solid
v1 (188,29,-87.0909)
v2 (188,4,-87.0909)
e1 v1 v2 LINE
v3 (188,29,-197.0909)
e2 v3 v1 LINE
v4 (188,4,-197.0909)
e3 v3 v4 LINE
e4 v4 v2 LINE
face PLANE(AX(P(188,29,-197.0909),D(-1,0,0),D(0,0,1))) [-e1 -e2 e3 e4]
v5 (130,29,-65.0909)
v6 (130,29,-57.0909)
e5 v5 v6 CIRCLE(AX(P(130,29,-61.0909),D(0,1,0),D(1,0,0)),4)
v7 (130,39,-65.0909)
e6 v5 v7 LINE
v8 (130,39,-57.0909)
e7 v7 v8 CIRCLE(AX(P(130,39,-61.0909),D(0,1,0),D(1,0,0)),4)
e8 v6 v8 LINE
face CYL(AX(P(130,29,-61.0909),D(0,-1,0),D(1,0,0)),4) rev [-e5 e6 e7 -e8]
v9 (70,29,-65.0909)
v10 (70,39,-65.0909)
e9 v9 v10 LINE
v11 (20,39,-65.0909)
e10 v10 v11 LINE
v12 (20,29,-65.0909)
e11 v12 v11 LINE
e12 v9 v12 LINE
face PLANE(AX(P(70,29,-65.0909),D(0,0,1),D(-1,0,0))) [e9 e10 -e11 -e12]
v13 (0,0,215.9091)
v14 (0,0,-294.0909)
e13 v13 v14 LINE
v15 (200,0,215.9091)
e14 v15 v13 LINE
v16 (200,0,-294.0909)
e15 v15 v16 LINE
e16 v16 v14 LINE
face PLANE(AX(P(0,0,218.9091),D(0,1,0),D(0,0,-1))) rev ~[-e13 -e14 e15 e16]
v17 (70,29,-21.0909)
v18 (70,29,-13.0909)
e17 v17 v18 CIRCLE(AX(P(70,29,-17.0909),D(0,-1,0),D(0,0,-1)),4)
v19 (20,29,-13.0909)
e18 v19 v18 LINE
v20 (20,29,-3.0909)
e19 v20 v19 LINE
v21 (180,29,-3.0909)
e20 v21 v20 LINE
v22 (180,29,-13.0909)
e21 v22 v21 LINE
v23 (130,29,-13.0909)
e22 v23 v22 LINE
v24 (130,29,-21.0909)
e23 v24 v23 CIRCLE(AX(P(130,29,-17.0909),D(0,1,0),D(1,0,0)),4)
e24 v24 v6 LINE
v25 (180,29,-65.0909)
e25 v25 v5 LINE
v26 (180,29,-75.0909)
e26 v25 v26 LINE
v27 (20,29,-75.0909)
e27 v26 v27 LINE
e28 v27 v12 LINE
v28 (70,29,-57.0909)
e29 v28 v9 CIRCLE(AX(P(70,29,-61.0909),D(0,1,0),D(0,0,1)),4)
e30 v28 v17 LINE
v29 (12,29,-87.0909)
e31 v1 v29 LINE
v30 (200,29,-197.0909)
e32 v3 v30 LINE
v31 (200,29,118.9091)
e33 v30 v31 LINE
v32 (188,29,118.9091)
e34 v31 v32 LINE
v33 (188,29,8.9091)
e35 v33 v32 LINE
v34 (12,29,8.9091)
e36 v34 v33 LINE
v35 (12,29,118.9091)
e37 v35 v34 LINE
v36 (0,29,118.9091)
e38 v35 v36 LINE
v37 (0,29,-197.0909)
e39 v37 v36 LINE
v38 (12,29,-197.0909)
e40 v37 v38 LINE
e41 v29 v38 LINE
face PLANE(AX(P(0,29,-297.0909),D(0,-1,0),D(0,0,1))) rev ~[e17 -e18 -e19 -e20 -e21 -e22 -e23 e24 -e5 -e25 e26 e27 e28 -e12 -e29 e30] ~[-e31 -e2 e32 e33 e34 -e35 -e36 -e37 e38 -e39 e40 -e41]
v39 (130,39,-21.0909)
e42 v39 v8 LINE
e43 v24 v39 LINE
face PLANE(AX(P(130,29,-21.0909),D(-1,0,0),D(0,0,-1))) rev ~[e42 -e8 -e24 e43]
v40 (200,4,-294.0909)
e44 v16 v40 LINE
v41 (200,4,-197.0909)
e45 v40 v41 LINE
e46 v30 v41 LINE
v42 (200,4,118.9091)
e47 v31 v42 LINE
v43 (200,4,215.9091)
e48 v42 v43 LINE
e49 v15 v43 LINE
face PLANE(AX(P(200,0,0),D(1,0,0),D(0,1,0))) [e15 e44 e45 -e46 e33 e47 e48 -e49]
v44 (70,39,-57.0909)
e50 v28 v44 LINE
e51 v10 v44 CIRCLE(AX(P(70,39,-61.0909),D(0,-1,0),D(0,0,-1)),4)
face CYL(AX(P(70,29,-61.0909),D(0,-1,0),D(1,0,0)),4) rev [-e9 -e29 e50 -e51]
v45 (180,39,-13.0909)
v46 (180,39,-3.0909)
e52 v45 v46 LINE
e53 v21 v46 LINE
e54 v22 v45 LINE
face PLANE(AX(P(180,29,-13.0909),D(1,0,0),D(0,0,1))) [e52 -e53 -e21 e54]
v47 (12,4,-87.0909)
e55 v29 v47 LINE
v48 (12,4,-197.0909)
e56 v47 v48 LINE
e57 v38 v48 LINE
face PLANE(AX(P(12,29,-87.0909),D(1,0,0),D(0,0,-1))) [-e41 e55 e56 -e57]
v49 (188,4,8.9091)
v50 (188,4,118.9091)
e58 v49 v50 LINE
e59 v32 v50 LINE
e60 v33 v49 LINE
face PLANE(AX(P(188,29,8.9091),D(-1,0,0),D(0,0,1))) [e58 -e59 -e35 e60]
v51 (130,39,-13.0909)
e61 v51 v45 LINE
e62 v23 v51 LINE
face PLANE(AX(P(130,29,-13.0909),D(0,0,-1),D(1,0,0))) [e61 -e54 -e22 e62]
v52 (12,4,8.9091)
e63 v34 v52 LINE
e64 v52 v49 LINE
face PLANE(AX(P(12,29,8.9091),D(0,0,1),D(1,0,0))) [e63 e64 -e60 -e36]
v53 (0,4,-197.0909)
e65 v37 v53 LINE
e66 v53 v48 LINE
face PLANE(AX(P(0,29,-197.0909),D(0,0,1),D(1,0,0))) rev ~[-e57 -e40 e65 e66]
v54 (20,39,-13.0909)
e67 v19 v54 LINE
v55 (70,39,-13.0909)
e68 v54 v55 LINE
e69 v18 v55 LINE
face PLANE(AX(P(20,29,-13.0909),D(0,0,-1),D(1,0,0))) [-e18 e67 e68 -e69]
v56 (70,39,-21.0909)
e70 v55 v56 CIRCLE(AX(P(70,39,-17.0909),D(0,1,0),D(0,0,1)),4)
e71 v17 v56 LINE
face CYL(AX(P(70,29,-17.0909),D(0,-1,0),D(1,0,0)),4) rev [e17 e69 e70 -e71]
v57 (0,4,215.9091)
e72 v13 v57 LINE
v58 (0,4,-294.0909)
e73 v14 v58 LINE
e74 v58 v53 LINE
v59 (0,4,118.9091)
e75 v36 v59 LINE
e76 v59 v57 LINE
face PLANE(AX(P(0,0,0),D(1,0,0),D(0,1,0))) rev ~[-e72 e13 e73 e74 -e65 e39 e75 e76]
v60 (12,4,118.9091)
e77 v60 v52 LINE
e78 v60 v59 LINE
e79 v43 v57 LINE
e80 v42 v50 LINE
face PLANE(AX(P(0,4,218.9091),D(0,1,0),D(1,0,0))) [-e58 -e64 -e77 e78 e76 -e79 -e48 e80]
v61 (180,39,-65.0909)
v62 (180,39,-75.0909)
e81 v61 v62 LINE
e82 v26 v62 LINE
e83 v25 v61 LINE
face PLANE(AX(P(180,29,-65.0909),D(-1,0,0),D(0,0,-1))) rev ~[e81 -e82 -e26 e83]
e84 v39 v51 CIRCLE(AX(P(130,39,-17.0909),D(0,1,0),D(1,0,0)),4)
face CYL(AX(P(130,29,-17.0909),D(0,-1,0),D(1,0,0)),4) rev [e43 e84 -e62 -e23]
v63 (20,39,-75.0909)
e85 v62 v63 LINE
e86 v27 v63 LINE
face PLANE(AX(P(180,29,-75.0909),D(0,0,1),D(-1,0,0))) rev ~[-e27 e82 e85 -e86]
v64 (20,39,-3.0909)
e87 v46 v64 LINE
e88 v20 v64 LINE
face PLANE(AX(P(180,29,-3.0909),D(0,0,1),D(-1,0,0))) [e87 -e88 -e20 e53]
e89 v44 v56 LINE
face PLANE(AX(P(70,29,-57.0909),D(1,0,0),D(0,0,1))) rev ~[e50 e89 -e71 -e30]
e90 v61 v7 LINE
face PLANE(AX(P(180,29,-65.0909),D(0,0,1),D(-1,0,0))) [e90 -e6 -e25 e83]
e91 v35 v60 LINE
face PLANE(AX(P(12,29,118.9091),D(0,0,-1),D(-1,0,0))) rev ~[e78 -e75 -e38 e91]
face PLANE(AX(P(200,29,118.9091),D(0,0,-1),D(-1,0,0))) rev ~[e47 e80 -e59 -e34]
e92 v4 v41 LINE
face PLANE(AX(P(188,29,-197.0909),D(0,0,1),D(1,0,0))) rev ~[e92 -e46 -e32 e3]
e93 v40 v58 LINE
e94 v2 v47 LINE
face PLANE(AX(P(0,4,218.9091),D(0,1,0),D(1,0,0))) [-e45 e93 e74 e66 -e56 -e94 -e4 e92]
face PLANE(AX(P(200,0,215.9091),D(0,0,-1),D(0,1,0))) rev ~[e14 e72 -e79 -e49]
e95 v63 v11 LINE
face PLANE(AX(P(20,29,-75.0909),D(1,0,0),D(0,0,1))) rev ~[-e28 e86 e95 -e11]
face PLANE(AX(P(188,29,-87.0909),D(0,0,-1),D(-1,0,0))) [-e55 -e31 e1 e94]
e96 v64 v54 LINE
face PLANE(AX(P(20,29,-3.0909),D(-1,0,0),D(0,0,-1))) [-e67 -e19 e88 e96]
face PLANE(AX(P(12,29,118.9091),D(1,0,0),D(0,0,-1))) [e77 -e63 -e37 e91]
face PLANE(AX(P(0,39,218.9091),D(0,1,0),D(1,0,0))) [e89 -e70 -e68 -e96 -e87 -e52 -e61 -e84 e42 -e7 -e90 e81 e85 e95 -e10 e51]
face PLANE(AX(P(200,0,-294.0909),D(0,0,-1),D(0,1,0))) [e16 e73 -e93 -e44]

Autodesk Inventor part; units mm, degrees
ref_plane "YZ Plane" through (0, 0, 0) normal (1, 0, 0) x (0, 1, 0)
ref_plane "XZ Plane" through (0, 0, 0) normal (0, 1, 0) x (-1, 0, 0)
ref_plane "XY Plane" through (0, 0, 0) normal (0, 0, 1) x (1, 0, 0)
sketch "Эскиз1" plane through (0, 0, 0) normal (1, 0, 0) x (0, 1, 0)
  line L0 (29, 218.9091) -> (0, 218.9091)
  line L1 (0, 218.9091) -> (0, -297.0909)
  line L2 (0, -297.0909) -> (29, -297.0909)
  line L3 (29, -297.0909) -> (29, 218.9091)
  point P0 (0, 0)
  dimension "d0" = 516
  dimension "d1" = 29
extrude "Выдавливание1" add sketch "Эскиз1" along normal blind 200
sketch "Эскиз2" plane through (0, 29, 218.9091) normal (0, 1, 0) x (1, 0, 0)
  line L0 (0, 516) -> (0, 0) projected
  line L1 (0, 0) -> (200, 0) projected
  line L2 (200, 516) -> (200, 0) projected
  line L3 (0, 516) -> (200, 516) projected
  line L4 (20, 232) -> (180, 232)
  line L5 (180, 232) -> (180, 284)
  line L6 (180, 284) -> (20, 284)
  line L7 (20, 284) -> (20, 232)
  line L8 (20, 232) -> (180, 232)
  line L9 (180, 232) -> (180, 222)
  line L10 (180, 222) -> (20, 222)
  line L11 (20, 222) -> (20, 232)
  line L12 (20, 284) -> (180, 284)
  line L13 (180, 284) -> (180, 294)
  line L14 (180, 294) -> (20, 294)
  line L15 (20, 294) -> (20, 284)
  line L16 (70, 232) -> (130, 232)
  line L17 (130, 232) -> (130, 284)
  line L18 (130, 284) -> (70, 284)
  line L19 (70, 284) -> (70, 232)
  circle A0 centre (70, 236) radius 4
  circle A1 centre (70, 280) radius 4
  circle A2 centre (130, 280) radius 4
  circle A3 centre (130, 236) radius 4
  point P0 (0, 218.9091)
  point P1 (130, 240)
  point P2 (130, 276)
  point P3 (70, 276)
  point P4 (70, 240)
  dimension "d4" = 52
  dimension "d5" = 20
  dimension "d6" = 20
  dimension "d7" = 232
  dimension "d8" = 232
  dimension "d9" = 10
  dimension "d10" = 10
  dimension "d11" = 50
  dimension "d12" = 50
extrude "Выдавливание2" add sketch "Эскиз2" along normal blind 10 contours L4 L9 L10 L11 | A0 L19 A1 L6 A2 L17 A3 L4 | L15 L14 L13 L6
sketch "Эскиз3" plane through (0, 29, 218.9091) normal (0, 1, 0) x (1, 0, 0)
  line L0 (180, 294) -> (180, 284) projected
  line L1 (180, 284) -> (130, 284) projected
  arc A0 (130, 284) -> (130, 276) centre (130, 280) ccw projected
  line L2 (130, 276) -> (130, 240) projected
  arc A1 (130, 240) -> (130, 232) centre (130, 236) ccw projected
  line L3 (130, 232) -> (180, 232) projected
  line L4 (180, 232) -> (180, 222) projected
  line L5 (180, 222) -> (20, 222) projected
  line L6 (20, 222) -> (20, 232) projected
  line L7 (20, 232) -> (70, 232) projected
  arc A2 (70, 232) -> (70, 240) centre (70, 236) ccw projected
  line L8 (70, 240) -> (70, 276) projected
  arc A3 (70, 276) -> (70, 284) centre (70, 280) ccw projected
  line L9 (70, 284) -> (20, 284) projected
  line L10 (20, 284) -> (20, 294) projected
  line L11 (20, 294) -> (180, 294) projected
  line L12 (0, 516) -> (0, 0) projected
  line L13 (0, 0) -> (200, 0) projected
  line L14 (200, 516) -> (200, 0) projected
  line L15 (0, 516) -> (200, 516) projected
  line L16 (12, 12) -> (12, 504)
  line L17 (12, 504) -> (188, 504)
  line L18 (188, 504) -> (188, 12)
  line L19 (188, 12) -> (12, 12)
  line L20 (8, 210) -> (192, 210)
  line L21 (192, 210) -> (192, 244)
  line L22 (192, 244) -> (142, 244)
  line L23 (142, 244) -> (142, 272)
  line L24 (142, 272) -> (192, 272)
  line L25 (192, 272) -> (192, 306)
  line L26 (192, 306) -> (8, 306)
  line L27 (8, 306) -> (8, 272)
  line L28 (8, 272) -> (58, 272)
  line L29 (58, 272) -> (58, 244)
  line L30 (58, 244) -> (8, 244)
  line L31 (8, 244) -> (8, 210)
  line L32 (-28, 416) -> (286, 416)
  line L33 (286, 416) -> (286, 100)
  line L34 (286, 100) -> (-28, 100)
  line L35 (-28, 100) -> (-28, 416)
  point P0 (0, 218.9091)
  point P1 (0, 416)
  point P2 (12, 416)
  point P3 (12, 306)
  point P4 (188, 306)
  point P5 (188, 416)
  point P6 (200, 416)
  point P7 (200, 100)
  point P8 (188, 100)
  point P9 (188, 210)
  point P10 (12, 210)
  point P11 (12, 100)
  point P12 (0, 100)
  dimension "d15" = 100
  dimension "d16" = 100
extrude "Выдавливание3" cut sketch "Эскиз3" against normal blind 25 contours L15 L14 L32 L18 L17 L16 L12 | L34 L16 L19 L18 L14 L13 L12 | L32 L18 L26 L16 | L16 L17 L18 L32 | L34 L18 L19 L16 | L16 L20 L18 L34
sketch "Эскиз4" plane through (200, 0, 0) normal (1, 0, 0) x (0, 0, -1)
  line L0 (-218.9091, 0) -> (-215.9091, 0)
  line L1 (-215.9091, 0) -> (-215.9091, 13.6393)
  line L2 (-215.9091, 13.6393) -> (-218.9091, 13.6393)
  line L3 (-218.9091, 13.6393) -> (-218.9091, 0)
  line L4 (297.0909, 0) -> (297.0909, 4) projected
  line L5 (297.0909, 0) -> (294.0909, 0)
  line L6 (294.0909, 0) -> (294.0909, 8)
  line L7 (294.0909, 8) -> (297.0909, 8)
  line L8 (297.0909, 8) -> (297.0909, 0)
  point P0 (0, 0)
  dimension "d19" = 3
  dimension "d20" = 3
extrude "Выдавливание4" cut sketch "Эскиз4" against normal blind 1000
properties part number "Niz_Plita" material "Алюминий 6061"
